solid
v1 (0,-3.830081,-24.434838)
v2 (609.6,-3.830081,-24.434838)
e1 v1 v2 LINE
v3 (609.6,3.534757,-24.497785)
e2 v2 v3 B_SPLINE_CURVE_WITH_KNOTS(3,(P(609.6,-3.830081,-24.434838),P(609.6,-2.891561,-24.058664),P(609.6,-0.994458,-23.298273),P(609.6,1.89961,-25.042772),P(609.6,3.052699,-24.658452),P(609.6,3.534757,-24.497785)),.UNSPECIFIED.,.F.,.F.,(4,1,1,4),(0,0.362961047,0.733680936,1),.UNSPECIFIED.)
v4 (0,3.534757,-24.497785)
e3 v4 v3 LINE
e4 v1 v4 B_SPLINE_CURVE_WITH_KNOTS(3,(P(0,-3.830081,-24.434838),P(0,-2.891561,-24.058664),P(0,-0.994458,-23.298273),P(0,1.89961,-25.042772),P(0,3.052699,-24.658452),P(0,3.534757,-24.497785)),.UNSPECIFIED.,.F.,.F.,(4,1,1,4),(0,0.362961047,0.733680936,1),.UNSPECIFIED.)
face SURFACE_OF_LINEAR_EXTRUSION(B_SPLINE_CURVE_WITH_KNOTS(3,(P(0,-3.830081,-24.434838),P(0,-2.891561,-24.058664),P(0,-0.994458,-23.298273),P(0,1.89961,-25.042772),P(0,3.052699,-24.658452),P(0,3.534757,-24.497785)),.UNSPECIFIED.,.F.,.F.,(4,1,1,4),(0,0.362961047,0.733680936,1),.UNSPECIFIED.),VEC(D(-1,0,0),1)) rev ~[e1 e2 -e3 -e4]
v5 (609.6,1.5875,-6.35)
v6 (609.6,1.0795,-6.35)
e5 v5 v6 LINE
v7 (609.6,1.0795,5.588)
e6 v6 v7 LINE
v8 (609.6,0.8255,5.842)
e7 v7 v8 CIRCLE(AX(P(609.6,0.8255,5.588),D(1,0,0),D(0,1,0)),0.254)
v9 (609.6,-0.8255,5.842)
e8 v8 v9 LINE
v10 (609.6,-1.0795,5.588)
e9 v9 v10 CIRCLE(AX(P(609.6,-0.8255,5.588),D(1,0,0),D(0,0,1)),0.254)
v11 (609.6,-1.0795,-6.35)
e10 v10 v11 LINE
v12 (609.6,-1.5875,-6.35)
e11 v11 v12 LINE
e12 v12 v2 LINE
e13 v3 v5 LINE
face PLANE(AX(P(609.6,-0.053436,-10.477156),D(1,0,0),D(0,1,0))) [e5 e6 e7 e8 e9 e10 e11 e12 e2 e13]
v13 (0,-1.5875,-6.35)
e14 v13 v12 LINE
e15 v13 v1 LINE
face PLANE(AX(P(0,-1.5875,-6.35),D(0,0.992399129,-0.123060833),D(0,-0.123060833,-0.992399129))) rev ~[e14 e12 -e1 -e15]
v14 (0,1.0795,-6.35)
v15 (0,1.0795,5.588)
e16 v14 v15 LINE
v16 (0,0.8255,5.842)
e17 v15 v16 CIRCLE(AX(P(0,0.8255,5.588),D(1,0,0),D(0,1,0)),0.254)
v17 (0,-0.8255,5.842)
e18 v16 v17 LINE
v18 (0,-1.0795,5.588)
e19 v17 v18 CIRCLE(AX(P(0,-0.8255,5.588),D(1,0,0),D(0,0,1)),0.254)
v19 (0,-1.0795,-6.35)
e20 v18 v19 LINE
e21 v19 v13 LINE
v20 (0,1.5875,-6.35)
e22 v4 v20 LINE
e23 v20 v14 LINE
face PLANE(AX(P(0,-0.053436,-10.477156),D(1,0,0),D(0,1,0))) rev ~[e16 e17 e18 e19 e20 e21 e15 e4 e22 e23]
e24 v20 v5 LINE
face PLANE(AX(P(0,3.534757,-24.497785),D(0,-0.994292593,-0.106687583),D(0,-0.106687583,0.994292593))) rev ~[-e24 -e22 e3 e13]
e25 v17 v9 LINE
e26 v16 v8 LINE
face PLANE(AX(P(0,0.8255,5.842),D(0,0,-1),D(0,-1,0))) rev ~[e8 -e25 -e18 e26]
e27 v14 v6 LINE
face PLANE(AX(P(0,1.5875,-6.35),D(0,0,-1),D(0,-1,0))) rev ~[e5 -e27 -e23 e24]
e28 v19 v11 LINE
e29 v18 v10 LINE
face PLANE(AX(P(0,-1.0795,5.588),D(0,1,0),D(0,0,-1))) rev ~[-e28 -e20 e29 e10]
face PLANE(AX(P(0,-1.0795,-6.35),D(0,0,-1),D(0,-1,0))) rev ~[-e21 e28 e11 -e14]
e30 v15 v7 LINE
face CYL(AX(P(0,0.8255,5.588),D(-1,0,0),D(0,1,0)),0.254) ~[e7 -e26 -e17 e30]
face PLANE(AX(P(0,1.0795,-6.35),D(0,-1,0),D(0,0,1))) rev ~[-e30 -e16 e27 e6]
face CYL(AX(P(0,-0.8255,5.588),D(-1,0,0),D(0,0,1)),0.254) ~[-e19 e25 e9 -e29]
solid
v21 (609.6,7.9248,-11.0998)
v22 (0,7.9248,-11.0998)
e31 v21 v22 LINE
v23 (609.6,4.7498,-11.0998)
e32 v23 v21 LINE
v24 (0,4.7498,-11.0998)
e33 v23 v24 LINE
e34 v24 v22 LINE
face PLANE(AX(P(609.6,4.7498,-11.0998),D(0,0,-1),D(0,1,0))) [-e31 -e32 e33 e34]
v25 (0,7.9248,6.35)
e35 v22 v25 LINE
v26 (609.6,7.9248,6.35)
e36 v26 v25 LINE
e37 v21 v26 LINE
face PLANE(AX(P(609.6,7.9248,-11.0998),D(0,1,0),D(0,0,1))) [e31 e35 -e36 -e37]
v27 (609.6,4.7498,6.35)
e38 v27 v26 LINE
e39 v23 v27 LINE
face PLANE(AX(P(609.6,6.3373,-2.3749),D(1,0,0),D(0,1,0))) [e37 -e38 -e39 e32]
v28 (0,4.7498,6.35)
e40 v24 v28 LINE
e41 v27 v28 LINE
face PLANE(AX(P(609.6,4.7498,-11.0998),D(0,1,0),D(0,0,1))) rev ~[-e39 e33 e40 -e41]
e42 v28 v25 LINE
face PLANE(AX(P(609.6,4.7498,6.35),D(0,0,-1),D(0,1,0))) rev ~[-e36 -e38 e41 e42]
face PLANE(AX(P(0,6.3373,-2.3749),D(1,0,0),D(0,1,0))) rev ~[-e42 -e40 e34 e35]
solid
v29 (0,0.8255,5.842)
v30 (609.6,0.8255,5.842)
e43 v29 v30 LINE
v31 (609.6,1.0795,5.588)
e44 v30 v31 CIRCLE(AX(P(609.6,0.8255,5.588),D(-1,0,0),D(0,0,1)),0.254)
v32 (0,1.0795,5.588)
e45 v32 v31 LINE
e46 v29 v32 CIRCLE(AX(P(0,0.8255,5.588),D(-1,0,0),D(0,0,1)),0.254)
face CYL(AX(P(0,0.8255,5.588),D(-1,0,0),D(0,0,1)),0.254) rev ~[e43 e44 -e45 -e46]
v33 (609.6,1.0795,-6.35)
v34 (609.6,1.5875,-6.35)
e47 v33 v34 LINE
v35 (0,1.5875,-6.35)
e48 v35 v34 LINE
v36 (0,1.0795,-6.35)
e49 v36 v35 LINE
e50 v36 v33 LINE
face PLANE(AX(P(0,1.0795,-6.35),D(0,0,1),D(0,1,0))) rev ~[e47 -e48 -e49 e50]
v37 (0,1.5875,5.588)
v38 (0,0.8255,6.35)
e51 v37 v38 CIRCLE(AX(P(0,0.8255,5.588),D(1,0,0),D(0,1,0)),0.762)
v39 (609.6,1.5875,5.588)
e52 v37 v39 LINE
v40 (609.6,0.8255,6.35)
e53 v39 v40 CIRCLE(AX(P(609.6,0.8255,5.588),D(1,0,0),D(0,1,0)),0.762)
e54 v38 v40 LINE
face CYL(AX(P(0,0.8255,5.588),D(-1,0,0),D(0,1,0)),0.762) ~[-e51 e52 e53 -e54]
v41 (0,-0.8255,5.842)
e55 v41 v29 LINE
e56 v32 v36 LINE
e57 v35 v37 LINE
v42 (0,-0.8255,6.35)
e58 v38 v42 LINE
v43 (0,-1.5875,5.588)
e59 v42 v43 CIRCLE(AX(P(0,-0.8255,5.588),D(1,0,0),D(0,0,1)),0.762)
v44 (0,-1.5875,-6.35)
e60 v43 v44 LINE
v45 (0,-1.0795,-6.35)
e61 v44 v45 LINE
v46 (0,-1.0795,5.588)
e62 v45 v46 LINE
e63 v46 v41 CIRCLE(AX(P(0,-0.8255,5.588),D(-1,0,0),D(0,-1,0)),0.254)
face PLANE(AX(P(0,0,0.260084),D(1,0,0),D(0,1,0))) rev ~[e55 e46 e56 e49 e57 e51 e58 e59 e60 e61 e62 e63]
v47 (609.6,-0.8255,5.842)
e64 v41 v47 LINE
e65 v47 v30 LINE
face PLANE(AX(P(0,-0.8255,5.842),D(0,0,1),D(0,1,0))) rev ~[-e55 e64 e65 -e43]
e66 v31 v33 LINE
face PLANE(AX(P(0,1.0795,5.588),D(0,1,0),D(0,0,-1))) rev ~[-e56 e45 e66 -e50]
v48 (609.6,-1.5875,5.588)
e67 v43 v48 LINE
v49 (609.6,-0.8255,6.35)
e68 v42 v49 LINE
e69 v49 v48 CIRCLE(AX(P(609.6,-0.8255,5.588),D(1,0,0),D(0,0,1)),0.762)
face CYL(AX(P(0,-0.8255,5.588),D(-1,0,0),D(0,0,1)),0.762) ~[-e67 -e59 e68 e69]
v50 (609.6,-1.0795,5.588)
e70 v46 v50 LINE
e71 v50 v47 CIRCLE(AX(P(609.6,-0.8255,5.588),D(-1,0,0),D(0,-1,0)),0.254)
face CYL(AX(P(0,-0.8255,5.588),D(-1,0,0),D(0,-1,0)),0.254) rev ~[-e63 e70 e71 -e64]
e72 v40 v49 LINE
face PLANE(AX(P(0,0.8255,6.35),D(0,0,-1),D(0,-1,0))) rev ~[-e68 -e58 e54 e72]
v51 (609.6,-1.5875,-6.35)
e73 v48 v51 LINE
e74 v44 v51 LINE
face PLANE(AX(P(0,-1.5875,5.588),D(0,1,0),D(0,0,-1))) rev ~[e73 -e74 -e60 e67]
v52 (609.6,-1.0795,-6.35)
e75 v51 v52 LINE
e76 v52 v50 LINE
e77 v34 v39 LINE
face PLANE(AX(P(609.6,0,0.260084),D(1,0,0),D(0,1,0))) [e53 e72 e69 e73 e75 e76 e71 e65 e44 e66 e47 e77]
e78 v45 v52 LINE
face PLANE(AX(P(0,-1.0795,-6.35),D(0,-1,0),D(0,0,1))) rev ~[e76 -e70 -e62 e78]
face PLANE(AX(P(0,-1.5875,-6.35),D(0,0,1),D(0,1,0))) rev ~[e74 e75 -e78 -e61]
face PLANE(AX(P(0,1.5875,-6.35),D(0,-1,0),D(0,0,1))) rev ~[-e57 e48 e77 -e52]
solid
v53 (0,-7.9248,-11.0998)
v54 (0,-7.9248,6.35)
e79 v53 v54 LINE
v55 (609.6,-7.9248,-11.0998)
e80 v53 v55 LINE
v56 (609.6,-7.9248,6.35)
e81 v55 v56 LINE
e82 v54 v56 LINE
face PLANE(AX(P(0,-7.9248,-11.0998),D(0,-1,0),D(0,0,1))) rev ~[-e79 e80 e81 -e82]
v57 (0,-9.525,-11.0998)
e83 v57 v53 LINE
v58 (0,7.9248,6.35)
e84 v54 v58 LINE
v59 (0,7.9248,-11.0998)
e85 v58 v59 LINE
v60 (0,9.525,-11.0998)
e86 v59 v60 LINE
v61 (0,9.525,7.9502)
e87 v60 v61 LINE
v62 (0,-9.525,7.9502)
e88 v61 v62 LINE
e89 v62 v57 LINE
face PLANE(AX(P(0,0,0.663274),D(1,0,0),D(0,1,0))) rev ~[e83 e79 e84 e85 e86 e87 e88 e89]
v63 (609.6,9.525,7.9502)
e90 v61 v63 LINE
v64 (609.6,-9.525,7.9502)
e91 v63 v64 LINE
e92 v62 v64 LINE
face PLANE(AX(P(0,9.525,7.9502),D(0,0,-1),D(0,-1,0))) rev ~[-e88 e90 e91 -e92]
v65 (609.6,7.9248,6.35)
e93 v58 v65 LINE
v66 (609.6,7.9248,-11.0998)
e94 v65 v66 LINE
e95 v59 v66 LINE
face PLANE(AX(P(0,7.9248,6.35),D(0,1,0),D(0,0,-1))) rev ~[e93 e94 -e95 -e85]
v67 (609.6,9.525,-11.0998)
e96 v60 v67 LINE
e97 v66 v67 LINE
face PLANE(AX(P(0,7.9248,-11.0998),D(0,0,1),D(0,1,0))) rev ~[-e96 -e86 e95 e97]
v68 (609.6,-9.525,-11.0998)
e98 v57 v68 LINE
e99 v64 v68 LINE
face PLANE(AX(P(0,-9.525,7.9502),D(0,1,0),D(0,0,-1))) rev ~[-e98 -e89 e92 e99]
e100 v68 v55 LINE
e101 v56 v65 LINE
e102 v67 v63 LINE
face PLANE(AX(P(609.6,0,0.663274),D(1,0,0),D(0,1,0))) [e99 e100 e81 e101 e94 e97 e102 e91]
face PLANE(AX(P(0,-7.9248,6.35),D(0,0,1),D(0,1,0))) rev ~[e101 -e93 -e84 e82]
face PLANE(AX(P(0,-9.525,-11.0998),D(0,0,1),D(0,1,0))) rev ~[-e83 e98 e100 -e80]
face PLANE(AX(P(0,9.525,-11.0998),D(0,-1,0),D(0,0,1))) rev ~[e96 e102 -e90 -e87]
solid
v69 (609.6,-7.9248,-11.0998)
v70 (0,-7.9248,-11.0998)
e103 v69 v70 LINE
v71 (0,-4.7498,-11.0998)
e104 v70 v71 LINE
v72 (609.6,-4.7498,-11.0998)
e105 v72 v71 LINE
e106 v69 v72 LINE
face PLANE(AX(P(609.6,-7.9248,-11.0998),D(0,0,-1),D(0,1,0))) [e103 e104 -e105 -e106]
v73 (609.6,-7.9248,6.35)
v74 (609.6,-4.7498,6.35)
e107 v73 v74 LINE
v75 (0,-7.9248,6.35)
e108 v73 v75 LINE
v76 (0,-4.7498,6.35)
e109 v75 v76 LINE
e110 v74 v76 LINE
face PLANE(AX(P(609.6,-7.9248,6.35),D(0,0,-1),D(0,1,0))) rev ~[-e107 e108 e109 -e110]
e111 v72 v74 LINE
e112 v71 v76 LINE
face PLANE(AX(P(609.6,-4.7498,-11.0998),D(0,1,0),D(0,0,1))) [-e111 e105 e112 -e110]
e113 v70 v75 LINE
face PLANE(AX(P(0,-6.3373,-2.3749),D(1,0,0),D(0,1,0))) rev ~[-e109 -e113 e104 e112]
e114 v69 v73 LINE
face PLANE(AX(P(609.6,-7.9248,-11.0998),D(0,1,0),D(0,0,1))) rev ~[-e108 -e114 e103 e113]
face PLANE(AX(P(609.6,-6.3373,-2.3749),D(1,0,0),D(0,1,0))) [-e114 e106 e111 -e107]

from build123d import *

# Parameters (mm, degrees)
F1_DEPTH = 609.6
F2_DEPTH = 609.6
F4_DEPTH = 609.6
F5_W     = 3.175
F5_H     = 17.4498
F6_DEPTH = 609.6


with BuildPart() as f1:
    # F0 (on Right) → F1 (new body)
    with BuildSketch(Plane.YZ):
        with BuildLine():
            Line((3.5347570665, -24.4977846742), (1.5875, -6.35))
            Line((1.5875, -6.35), (1.0795, -6.35))
            Line((1.0795, -6.35), (1.0795, 5.588))
            ThreePointArc((1.0795, 5.588), (1.0051051224, 5.7676051224), (0.8255, 5.842))
            Line((0.8255, 5.842), (-0.8255, 5.842))
            ThreePointArc((-0.8255, 5.842), (-1.0051051224, 5.7676051224), (-1.0795, 5.588))
            Line((-1.0795, 5.588), (-1.0795, -6.35))
            Line((-1.0795, -6.35), (-1.5875, -6.35))
            Line((-1.5875, -6.35), (-3.8300808519, -24.434838444))
            add(Edge.make_bspline(
                [(-3.8300808519, -24.434838444), (-2.8915608054, -24.0586638793), (-0.994458426, -23.2982734493), (1.8996103237, -25.0427717885), (3.0526992974, -24.658452378), (3.5347570665, -24.4977846742)],
                knots=[0, 0, 0, 0, 0.362961047, 0.7336809357, 1, 1, 1, 1], degree=3))
        make_face()
    extrude(amount=F1_DEPTH)


with BuildPart() as f2:
    # F0 (on Right) → F2 (new body)
    with BuildSketch(Plane.YZ):
        with BuildLine():
            ThreePointArc((1.5875, 5.588), (1.3643153673, 6.1268153673), (0.8255, 6.35))
            Line((0.8255, 6.35), (-0.8255, 6.35))
            ThreePointArc((-0.8255, 6.35), (-1.3643153673, 6.1268153673), (-1.5875, 5.588))
            Line((-1.5875, 5.588), (-1.5875, -6.35))
            Line((-1.5875, -6.35), (-1.0795, -6.35))
            Line((-1.0795, -6.35), (-1.0795, 5.588))
            ThreePointArc((-1.0795, 5.588), (-1.0051051224, 5.7676051224), (-0.8255, 5.842))
            Line((-0.8255, 5.842), (0.8255, 5.842))
            ThreePointArc((0.8255, 5.842), (1.0051051224, 5.7676051224), (1.0795, 5.588))
            Line((1.0795, 5.588), (1.0795, -6.35))
            Line((1.0795, -6.35), (1.5875, -6.35))
            Line((1.5875, -6.35), (1.5875, 5.588))
        make_face()
    extrude(amount=F2_DEPTH)


with BuildPart() as f4:
    # F3 (on Right) → F4 (new body)
    with BuildSketch(Plane.YZ):
        Polygon((7.9248, -11.0998), (9.525, -11.0998), (9.525, 7.9502), (-9.525, 7.9502), (-9.525, -11.0998), (-7.9248, -11.0998), (-7.9248, 6.35), (7.9248, 6.35), align=None)
    extrude(amount=F4_DEPTH)


with BuildPart() as f6:
    # F5 (on face) → F6 (new body)
    with BuildSketch(Plane.YZ.offset(609.6)):
        with Locations((-6.3373, -2.3749)):
            Rectangle(F5_W, F5_H)
    extrude(amount=-F6_DEPTH)


with BuildPart() as f6b:
    # F5 (on face) → F6, piece 2 (new body)
    with BuildSketch(Plane.YZ.offset(609.6)):
        with Locations((6.3373, -2.3749)):
            Rectangle(F5_W, F5_H)
    extrude(amount=-F6_DEPTH)


solid = Compound([f1.part, f2.part, f4.part, f6.part, f6b.part])
